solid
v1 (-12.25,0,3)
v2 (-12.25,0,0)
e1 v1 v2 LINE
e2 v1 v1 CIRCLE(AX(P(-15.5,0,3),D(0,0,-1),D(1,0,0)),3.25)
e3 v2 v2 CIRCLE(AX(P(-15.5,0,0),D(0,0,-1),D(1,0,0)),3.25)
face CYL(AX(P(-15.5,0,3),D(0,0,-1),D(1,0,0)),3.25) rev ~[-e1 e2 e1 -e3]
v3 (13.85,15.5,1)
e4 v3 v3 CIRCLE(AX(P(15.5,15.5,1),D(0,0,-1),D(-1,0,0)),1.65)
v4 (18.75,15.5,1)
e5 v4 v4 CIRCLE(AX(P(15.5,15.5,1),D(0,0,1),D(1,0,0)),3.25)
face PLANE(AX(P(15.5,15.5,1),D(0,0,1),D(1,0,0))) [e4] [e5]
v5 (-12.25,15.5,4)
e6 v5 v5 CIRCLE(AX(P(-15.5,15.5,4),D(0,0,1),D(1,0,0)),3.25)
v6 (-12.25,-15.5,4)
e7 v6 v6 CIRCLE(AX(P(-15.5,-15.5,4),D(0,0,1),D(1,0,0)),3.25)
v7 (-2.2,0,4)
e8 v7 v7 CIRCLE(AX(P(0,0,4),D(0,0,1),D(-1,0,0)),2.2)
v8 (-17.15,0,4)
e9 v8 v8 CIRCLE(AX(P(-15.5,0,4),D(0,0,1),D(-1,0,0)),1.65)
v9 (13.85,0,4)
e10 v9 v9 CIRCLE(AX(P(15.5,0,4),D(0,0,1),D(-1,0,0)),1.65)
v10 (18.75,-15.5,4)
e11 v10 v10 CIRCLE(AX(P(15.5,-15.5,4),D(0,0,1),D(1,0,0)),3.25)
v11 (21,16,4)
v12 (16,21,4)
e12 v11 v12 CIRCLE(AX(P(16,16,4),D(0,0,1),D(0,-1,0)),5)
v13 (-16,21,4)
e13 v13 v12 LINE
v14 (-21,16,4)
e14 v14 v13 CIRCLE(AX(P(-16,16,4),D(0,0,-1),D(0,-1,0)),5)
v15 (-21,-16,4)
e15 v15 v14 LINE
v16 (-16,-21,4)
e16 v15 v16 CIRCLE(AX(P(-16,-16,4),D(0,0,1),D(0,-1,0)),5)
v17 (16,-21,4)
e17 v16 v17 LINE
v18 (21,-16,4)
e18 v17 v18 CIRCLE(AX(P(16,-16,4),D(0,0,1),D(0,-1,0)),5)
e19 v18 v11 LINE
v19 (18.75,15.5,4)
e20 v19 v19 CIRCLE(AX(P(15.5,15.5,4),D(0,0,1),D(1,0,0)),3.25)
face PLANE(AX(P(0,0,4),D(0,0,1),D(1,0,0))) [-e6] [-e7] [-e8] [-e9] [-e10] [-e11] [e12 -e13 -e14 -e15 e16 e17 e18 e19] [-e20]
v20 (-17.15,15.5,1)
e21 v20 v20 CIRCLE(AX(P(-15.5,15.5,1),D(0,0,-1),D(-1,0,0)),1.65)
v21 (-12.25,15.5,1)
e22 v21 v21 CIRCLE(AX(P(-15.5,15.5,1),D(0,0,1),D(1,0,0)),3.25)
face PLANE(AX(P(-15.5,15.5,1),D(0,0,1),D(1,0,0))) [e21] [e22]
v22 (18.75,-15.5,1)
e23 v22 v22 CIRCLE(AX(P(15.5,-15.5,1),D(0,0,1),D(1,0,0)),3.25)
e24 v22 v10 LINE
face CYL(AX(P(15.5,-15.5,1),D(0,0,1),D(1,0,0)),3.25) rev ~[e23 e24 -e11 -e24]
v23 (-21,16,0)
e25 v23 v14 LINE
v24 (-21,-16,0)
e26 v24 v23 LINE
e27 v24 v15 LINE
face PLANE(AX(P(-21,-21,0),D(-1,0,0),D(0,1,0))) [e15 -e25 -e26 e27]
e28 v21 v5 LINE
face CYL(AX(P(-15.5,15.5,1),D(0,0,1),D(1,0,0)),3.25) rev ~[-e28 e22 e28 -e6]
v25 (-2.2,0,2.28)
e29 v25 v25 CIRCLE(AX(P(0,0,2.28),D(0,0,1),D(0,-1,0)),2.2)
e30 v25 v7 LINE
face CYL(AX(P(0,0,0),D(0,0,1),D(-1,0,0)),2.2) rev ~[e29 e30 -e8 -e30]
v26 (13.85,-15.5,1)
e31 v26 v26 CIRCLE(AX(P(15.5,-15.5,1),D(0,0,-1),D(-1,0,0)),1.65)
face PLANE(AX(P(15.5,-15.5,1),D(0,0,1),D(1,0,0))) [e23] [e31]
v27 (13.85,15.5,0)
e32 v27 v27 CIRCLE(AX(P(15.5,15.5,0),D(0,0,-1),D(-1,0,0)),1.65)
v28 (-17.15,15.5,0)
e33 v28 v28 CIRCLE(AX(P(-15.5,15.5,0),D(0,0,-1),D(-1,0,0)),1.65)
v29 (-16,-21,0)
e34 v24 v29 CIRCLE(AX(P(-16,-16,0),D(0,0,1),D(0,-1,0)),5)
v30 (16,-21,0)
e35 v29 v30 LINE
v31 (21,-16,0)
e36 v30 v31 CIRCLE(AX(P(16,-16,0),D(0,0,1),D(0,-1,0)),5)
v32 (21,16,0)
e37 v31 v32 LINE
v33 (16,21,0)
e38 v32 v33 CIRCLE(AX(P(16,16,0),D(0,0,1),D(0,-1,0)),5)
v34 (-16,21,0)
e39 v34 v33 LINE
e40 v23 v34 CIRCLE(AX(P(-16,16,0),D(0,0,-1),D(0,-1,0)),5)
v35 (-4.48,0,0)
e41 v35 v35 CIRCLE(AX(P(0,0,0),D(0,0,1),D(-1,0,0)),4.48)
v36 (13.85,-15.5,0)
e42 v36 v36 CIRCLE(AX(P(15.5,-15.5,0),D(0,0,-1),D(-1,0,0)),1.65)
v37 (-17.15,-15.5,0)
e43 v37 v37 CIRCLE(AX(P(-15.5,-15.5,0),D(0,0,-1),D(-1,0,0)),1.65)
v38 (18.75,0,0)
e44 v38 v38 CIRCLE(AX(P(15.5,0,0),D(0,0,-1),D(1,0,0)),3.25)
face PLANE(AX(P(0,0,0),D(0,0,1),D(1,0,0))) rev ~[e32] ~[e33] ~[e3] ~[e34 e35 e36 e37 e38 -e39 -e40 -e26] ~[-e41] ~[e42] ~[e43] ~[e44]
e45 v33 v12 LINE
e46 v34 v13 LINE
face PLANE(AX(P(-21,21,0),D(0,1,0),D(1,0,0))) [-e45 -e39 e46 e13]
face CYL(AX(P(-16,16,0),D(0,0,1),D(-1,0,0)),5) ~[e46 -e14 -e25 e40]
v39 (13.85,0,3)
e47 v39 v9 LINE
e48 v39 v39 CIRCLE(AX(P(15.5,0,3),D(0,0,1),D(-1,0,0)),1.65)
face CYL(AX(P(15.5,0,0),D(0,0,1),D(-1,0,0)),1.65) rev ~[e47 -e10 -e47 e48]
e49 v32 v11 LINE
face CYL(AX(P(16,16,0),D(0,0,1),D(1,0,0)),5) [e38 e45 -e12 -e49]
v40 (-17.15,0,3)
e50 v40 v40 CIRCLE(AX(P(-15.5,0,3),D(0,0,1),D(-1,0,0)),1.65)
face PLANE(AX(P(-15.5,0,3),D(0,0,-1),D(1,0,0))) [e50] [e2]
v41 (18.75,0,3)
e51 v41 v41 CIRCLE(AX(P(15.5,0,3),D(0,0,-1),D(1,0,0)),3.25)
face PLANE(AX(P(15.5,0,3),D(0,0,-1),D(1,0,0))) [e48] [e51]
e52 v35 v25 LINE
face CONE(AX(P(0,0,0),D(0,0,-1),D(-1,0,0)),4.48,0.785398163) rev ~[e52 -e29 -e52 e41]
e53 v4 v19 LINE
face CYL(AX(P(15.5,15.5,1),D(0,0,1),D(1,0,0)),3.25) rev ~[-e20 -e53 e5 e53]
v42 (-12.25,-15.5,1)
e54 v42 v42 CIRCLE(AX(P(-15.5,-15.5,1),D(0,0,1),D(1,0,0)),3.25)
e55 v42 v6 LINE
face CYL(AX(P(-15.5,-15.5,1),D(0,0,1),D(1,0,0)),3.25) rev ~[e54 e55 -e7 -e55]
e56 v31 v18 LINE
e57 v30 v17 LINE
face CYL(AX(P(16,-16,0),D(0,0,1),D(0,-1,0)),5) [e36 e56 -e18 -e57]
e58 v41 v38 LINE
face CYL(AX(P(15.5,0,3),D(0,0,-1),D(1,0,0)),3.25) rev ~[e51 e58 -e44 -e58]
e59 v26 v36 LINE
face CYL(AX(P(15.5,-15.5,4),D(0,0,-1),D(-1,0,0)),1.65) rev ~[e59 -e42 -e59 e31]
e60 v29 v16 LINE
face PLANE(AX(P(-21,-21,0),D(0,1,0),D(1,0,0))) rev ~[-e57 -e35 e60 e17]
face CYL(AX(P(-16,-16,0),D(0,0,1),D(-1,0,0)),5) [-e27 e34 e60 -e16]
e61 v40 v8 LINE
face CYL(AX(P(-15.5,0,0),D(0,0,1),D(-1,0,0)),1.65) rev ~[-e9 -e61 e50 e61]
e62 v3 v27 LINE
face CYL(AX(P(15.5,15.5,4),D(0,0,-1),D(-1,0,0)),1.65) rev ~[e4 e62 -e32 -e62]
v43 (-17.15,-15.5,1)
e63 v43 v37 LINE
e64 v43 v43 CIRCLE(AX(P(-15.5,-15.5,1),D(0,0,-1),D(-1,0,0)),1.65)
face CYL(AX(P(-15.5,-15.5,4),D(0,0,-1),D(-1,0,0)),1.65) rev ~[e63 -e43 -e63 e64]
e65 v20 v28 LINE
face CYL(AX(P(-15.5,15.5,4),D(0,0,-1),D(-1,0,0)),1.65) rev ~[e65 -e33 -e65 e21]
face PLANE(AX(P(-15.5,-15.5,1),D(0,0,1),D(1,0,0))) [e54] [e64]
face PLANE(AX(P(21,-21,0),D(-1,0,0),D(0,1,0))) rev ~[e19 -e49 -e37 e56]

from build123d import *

# Parameters (mm, degrees)
F0_W           = 42
F0_H           = 42
F1_DEPTH       = 4
F3_R           = 5
F4_D           = 3.3
F4_CBORE_D     = 6.5
F4_CBORE_DEPTH = 3
F6_D           = 4.4
F6_CSINK_D     = 8.96
F6_CSINK_ANGLE = 90
F8_D           = 3.3
F8_CBORE_D     = 6.5
F8_CBORE_DEPTH = 3


with BuildPart() as f1:
    # F0 (on Top) → F1 (new body)
    with BuildSketch(Plane.XY):
        Rectangle(F0_W, F0_H)
    extrude(amount=F1_DEPTH)

    # F3
    f3_edges = [f1.edges().sort_by_distance(p)[0] for p in [
        (-21, 21, 2),
        (-21, -21, 2),
        (21, -21, 2),
        (21, 21, 2),
    ]]
    fillet(f3_edges, radius=F3_R)

    # F4 (through all)
    with Locations(Plane.XY.offset(4)):
        with Locations((-15.5, 15.5), (15.5, 15.5), (15.5, -15.5), (-15.5, -15.5)):
            CounterBoreHole(F4_D / 2, F4_CBORE_D / 2, F4_CBORE_DEPTH)

    # F6 (through all)
    with Locations(Plane(origin=(0, 0, 0), x_dir=(1, 0, 0), z_dir=(0, 0, -1))):
        with Locations((0, 0)):
            CounterSinkHole(F6_D / 2, F6_CSINK_D / 2, counter_sink_angle=F6_CSINK_ANGLE)

    # F8 (through all)
    with Locations(Plane(origin=(0, 0, 0), x_dir=(1, 0, 0), z_dir=(0, 0, -1))):
        with Locations((-15.5, 0), (15.5, 0)):
            CounterBoreHole(F8_D / 2, F8_CBORE_D / 2, F8_CBORE_DEPTH)


solid = f1.part
